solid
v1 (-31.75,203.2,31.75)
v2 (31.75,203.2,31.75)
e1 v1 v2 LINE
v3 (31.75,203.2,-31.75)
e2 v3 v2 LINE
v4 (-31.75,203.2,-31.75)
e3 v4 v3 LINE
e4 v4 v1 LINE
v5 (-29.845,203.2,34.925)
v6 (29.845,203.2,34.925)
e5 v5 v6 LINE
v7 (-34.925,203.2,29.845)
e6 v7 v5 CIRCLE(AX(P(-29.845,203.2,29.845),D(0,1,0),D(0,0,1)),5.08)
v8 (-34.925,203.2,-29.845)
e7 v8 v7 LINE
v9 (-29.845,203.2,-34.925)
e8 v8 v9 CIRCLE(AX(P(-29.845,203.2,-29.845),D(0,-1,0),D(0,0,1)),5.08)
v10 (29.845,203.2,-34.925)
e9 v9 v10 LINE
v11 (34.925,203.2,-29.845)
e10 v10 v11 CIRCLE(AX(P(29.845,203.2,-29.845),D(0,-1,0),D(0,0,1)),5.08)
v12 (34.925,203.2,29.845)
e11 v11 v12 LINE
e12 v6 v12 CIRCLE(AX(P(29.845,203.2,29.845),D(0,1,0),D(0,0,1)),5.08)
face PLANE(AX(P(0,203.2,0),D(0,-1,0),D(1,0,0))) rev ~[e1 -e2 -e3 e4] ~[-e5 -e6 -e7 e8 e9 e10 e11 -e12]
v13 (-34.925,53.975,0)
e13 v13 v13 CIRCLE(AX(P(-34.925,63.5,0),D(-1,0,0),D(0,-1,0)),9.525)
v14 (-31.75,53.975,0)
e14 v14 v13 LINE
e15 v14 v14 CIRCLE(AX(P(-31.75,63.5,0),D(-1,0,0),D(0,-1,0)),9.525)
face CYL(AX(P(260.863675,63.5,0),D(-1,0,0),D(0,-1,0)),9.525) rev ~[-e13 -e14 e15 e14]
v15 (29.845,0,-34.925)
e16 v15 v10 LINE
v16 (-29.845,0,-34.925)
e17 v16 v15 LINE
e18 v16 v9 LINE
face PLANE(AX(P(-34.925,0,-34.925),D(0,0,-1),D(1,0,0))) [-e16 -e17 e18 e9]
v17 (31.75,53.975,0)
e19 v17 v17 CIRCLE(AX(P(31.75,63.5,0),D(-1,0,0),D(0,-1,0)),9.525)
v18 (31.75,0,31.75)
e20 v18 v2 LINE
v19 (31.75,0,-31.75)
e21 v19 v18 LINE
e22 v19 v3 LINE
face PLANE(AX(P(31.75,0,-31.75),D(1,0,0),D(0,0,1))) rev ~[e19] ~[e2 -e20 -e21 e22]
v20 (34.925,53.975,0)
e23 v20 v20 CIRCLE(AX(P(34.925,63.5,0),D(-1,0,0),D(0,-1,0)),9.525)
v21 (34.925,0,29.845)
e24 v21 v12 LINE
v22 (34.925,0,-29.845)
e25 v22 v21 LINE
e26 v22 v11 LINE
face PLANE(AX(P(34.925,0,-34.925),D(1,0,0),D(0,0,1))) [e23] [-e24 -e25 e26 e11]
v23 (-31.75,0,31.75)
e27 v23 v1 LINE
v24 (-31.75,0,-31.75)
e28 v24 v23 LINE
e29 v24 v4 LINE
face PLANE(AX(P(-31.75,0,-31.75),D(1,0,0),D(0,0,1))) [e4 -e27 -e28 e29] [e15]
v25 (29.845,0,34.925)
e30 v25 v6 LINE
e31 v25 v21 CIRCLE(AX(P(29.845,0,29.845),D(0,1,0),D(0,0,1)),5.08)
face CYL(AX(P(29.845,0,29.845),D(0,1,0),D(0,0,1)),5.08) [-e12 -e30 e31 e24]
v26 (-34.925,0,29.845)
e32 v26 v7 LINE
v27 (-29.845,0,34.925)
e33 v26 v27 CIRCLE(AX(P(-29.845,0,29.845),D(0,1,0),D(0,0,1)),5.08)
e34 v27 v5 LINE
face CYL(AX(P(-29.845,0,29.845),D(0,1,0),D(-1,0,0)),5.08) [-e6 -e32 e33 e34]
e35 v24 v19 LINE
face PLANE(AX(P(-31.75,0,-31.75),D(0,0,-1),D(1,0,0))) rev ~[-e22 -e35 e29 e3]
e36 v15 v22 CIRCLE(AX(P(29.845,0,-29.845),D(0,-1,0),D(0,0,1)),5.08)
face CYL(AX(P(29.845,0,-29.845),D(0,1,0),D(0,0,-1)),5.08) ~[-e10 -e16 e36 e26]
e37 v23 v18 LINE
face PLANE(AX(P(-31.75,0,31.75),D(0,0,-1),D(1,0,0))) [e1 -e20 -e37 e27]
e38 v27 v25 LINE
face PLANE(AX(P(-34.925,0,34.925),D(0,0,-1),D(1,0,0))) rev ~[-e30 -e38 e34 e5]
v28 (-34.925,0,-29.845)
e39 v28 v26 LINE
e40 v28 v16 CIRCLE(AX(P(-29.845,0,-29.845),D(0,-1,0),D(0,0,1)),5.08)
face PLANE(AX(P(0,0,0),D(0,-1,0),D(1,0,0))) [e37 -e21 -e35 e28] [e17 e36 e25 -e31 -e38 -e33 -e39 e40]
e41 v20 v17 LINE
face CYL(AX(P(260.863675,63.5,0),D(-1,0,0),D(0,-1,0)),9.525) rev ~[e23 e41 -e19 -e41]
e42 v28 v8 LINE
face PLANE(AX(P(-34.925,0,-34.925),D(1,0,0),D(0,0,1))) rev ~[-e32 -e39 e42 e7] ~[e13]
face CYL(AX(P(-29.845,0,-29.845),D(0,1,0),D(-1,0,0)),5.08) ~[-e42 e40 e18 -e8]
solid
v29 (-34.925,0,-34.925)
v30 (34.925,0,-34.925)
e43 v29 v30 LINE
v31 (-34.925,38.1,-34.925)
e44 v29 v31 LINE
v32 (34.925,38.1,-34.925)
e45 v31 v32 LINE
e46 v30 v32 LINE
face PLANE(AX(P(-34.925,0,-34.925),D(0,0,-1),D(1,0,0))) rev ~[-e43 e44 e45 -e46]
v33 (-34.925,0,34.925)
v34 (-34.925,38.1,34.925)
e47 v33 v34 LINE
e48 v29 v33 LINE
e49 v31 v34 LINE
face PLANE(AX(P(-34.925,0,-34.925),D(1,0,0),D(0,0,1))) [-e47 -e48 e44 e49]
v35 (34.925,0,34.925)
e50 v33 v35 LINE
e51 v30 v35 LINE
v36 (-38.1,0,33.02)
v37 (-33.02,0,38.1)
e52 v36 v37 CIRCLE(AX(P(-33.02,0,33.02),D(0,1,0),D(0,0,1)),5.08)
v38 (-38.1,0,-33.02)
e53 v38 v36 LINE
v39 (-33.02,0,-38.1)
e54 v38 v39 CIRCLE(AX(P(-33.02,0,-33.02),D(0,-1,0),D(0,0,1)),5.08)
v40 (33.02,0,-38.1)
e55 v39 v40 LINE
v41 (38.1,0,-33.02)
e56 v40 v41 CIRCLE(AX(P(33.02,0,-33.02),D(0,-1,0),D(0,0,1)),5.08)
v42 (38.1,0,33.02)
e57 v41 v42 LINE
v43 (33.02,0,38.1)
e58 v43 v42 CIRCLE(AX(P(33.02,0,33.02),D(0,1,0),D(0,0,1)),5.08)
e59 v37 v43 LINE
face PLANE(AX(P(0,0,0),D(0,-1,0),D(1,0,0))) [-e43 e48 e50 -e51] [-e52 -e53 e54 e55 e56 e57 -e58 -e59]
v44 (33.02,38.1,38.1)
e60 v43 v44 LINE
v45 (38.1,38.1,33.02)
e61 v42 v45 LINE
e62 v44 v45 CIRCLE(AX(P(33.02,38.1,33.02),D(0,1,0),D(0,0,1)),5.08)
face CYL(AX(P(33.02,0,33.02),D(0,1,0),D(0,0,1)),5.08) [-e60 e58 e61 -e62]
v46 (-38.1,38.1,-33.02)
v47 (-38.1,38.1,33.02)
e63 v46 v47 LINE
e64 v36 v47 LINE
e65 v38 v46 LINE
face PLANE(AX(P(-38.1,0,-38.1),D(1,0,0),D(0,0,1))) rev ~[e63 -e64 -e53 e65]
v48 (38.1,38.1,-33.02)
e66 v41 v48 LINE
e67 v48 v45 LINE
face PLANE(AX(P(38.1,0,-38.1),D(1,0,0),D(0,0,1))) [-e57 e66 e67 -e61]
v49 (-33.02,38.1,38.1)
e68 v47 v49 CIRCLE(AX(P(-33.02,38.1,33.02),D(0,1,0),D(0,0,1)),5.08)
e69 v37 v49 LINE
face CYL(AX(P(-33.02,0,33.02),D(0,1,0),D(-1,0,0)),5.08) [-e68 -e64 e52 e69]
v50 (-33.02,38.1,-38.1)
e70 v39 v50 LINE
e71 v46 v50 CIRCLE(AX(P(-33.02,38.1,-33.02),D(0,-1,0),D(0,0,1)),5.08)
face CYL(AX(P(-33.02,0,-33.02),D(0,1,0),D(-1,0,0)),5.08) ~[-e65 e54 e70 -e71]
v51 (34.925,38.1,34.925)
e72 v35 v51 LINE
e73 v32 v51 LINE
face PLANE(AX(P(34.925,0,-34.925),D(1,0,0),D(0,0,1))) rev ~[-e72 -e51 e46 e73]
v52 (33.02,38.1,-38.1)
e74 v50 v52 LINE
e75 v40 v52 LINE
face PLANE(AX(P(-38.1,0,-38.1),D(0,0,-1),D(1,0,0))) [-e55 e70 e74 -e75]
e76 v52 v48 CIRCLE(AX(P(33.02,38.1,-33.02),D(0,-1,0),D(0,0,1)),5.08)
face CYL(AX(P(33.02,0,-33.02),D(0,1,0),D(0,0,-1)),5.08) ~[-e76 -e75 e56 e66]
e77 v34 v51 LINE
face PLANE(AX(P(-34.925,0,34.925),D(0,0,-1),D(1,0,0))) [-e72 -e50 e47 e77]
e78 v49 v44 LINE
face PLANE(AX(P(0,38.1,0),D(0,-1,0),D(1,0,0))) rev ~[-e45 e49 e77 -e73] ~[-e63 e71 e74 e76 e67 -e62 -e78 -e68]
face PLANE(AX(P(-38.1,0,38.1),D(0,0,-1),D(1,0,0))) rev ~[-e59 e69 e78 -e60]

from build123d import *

# Parameters (mm, degrees)
F0_W     = 69.85
F0_H     = 69.85
F0_W_2   = 63.5
F0_H_2   = 63.5
F1_DEPTH = 203.2
F0_W_3   = 76.2
F0_H_3   = 76.2
F2_DEPTH = 38.1
F3_R     = 5.08
F3_2_R   = 5.08
F5_D     = 19.05


with BuildPart() as f1:
    # F0 (on Front) → F1 (new body)
    with BuildSketch(Plane.XZ):
        Rectangle(F0_W, F0_H)
        Rectangle(F0_W_2, F0_H_2, mode=Mode.SUBTRACT)
    extrude(amount=-F1_DEPTH)

    # F3
    f3_edges = [f1.edges().sort_by_distance(p)[0] for p in [
        (34.925, 101.6, 34.925),
        (-34.925, 101.6, 34.925),
        (34.925, 101.6, -34.925),
        (-34.925, 101.6, -34.925),
    ]]
    fillet(f3_edges, radius=F3_R)

    # F5 (through all)
    with Locations(Plane.YZ.offset(34.925)):
        with Locations((63.5, 0)):
            Hole(F5_D / 2)


with BuildPart() as f2:
    # F0 (on Front) → F2 (new body)
    with BuildSketch(Plane.XZ):
        Rectangle(F0_W_3, F0_H_3)
        Rectangle(F0_W, F0_H, mode=Mode.SUBTRACT)
    extrude(amount=-F2_DEPTH)

    # F3#2
    f3_2_edges = [f2.edges().sort_by_distance(p)[0] for p in [
        (38.1, 19.05, 38.1),
        (-38.1, 19.05, 38.1),
        (38.1, 19.05, -38.1),
        (-38.1, 19.05, -38.1),
    ]]
    fillet(f3_2_edges, radius=F3_2_R)


solid = Compound([f1.part, f2.part])
